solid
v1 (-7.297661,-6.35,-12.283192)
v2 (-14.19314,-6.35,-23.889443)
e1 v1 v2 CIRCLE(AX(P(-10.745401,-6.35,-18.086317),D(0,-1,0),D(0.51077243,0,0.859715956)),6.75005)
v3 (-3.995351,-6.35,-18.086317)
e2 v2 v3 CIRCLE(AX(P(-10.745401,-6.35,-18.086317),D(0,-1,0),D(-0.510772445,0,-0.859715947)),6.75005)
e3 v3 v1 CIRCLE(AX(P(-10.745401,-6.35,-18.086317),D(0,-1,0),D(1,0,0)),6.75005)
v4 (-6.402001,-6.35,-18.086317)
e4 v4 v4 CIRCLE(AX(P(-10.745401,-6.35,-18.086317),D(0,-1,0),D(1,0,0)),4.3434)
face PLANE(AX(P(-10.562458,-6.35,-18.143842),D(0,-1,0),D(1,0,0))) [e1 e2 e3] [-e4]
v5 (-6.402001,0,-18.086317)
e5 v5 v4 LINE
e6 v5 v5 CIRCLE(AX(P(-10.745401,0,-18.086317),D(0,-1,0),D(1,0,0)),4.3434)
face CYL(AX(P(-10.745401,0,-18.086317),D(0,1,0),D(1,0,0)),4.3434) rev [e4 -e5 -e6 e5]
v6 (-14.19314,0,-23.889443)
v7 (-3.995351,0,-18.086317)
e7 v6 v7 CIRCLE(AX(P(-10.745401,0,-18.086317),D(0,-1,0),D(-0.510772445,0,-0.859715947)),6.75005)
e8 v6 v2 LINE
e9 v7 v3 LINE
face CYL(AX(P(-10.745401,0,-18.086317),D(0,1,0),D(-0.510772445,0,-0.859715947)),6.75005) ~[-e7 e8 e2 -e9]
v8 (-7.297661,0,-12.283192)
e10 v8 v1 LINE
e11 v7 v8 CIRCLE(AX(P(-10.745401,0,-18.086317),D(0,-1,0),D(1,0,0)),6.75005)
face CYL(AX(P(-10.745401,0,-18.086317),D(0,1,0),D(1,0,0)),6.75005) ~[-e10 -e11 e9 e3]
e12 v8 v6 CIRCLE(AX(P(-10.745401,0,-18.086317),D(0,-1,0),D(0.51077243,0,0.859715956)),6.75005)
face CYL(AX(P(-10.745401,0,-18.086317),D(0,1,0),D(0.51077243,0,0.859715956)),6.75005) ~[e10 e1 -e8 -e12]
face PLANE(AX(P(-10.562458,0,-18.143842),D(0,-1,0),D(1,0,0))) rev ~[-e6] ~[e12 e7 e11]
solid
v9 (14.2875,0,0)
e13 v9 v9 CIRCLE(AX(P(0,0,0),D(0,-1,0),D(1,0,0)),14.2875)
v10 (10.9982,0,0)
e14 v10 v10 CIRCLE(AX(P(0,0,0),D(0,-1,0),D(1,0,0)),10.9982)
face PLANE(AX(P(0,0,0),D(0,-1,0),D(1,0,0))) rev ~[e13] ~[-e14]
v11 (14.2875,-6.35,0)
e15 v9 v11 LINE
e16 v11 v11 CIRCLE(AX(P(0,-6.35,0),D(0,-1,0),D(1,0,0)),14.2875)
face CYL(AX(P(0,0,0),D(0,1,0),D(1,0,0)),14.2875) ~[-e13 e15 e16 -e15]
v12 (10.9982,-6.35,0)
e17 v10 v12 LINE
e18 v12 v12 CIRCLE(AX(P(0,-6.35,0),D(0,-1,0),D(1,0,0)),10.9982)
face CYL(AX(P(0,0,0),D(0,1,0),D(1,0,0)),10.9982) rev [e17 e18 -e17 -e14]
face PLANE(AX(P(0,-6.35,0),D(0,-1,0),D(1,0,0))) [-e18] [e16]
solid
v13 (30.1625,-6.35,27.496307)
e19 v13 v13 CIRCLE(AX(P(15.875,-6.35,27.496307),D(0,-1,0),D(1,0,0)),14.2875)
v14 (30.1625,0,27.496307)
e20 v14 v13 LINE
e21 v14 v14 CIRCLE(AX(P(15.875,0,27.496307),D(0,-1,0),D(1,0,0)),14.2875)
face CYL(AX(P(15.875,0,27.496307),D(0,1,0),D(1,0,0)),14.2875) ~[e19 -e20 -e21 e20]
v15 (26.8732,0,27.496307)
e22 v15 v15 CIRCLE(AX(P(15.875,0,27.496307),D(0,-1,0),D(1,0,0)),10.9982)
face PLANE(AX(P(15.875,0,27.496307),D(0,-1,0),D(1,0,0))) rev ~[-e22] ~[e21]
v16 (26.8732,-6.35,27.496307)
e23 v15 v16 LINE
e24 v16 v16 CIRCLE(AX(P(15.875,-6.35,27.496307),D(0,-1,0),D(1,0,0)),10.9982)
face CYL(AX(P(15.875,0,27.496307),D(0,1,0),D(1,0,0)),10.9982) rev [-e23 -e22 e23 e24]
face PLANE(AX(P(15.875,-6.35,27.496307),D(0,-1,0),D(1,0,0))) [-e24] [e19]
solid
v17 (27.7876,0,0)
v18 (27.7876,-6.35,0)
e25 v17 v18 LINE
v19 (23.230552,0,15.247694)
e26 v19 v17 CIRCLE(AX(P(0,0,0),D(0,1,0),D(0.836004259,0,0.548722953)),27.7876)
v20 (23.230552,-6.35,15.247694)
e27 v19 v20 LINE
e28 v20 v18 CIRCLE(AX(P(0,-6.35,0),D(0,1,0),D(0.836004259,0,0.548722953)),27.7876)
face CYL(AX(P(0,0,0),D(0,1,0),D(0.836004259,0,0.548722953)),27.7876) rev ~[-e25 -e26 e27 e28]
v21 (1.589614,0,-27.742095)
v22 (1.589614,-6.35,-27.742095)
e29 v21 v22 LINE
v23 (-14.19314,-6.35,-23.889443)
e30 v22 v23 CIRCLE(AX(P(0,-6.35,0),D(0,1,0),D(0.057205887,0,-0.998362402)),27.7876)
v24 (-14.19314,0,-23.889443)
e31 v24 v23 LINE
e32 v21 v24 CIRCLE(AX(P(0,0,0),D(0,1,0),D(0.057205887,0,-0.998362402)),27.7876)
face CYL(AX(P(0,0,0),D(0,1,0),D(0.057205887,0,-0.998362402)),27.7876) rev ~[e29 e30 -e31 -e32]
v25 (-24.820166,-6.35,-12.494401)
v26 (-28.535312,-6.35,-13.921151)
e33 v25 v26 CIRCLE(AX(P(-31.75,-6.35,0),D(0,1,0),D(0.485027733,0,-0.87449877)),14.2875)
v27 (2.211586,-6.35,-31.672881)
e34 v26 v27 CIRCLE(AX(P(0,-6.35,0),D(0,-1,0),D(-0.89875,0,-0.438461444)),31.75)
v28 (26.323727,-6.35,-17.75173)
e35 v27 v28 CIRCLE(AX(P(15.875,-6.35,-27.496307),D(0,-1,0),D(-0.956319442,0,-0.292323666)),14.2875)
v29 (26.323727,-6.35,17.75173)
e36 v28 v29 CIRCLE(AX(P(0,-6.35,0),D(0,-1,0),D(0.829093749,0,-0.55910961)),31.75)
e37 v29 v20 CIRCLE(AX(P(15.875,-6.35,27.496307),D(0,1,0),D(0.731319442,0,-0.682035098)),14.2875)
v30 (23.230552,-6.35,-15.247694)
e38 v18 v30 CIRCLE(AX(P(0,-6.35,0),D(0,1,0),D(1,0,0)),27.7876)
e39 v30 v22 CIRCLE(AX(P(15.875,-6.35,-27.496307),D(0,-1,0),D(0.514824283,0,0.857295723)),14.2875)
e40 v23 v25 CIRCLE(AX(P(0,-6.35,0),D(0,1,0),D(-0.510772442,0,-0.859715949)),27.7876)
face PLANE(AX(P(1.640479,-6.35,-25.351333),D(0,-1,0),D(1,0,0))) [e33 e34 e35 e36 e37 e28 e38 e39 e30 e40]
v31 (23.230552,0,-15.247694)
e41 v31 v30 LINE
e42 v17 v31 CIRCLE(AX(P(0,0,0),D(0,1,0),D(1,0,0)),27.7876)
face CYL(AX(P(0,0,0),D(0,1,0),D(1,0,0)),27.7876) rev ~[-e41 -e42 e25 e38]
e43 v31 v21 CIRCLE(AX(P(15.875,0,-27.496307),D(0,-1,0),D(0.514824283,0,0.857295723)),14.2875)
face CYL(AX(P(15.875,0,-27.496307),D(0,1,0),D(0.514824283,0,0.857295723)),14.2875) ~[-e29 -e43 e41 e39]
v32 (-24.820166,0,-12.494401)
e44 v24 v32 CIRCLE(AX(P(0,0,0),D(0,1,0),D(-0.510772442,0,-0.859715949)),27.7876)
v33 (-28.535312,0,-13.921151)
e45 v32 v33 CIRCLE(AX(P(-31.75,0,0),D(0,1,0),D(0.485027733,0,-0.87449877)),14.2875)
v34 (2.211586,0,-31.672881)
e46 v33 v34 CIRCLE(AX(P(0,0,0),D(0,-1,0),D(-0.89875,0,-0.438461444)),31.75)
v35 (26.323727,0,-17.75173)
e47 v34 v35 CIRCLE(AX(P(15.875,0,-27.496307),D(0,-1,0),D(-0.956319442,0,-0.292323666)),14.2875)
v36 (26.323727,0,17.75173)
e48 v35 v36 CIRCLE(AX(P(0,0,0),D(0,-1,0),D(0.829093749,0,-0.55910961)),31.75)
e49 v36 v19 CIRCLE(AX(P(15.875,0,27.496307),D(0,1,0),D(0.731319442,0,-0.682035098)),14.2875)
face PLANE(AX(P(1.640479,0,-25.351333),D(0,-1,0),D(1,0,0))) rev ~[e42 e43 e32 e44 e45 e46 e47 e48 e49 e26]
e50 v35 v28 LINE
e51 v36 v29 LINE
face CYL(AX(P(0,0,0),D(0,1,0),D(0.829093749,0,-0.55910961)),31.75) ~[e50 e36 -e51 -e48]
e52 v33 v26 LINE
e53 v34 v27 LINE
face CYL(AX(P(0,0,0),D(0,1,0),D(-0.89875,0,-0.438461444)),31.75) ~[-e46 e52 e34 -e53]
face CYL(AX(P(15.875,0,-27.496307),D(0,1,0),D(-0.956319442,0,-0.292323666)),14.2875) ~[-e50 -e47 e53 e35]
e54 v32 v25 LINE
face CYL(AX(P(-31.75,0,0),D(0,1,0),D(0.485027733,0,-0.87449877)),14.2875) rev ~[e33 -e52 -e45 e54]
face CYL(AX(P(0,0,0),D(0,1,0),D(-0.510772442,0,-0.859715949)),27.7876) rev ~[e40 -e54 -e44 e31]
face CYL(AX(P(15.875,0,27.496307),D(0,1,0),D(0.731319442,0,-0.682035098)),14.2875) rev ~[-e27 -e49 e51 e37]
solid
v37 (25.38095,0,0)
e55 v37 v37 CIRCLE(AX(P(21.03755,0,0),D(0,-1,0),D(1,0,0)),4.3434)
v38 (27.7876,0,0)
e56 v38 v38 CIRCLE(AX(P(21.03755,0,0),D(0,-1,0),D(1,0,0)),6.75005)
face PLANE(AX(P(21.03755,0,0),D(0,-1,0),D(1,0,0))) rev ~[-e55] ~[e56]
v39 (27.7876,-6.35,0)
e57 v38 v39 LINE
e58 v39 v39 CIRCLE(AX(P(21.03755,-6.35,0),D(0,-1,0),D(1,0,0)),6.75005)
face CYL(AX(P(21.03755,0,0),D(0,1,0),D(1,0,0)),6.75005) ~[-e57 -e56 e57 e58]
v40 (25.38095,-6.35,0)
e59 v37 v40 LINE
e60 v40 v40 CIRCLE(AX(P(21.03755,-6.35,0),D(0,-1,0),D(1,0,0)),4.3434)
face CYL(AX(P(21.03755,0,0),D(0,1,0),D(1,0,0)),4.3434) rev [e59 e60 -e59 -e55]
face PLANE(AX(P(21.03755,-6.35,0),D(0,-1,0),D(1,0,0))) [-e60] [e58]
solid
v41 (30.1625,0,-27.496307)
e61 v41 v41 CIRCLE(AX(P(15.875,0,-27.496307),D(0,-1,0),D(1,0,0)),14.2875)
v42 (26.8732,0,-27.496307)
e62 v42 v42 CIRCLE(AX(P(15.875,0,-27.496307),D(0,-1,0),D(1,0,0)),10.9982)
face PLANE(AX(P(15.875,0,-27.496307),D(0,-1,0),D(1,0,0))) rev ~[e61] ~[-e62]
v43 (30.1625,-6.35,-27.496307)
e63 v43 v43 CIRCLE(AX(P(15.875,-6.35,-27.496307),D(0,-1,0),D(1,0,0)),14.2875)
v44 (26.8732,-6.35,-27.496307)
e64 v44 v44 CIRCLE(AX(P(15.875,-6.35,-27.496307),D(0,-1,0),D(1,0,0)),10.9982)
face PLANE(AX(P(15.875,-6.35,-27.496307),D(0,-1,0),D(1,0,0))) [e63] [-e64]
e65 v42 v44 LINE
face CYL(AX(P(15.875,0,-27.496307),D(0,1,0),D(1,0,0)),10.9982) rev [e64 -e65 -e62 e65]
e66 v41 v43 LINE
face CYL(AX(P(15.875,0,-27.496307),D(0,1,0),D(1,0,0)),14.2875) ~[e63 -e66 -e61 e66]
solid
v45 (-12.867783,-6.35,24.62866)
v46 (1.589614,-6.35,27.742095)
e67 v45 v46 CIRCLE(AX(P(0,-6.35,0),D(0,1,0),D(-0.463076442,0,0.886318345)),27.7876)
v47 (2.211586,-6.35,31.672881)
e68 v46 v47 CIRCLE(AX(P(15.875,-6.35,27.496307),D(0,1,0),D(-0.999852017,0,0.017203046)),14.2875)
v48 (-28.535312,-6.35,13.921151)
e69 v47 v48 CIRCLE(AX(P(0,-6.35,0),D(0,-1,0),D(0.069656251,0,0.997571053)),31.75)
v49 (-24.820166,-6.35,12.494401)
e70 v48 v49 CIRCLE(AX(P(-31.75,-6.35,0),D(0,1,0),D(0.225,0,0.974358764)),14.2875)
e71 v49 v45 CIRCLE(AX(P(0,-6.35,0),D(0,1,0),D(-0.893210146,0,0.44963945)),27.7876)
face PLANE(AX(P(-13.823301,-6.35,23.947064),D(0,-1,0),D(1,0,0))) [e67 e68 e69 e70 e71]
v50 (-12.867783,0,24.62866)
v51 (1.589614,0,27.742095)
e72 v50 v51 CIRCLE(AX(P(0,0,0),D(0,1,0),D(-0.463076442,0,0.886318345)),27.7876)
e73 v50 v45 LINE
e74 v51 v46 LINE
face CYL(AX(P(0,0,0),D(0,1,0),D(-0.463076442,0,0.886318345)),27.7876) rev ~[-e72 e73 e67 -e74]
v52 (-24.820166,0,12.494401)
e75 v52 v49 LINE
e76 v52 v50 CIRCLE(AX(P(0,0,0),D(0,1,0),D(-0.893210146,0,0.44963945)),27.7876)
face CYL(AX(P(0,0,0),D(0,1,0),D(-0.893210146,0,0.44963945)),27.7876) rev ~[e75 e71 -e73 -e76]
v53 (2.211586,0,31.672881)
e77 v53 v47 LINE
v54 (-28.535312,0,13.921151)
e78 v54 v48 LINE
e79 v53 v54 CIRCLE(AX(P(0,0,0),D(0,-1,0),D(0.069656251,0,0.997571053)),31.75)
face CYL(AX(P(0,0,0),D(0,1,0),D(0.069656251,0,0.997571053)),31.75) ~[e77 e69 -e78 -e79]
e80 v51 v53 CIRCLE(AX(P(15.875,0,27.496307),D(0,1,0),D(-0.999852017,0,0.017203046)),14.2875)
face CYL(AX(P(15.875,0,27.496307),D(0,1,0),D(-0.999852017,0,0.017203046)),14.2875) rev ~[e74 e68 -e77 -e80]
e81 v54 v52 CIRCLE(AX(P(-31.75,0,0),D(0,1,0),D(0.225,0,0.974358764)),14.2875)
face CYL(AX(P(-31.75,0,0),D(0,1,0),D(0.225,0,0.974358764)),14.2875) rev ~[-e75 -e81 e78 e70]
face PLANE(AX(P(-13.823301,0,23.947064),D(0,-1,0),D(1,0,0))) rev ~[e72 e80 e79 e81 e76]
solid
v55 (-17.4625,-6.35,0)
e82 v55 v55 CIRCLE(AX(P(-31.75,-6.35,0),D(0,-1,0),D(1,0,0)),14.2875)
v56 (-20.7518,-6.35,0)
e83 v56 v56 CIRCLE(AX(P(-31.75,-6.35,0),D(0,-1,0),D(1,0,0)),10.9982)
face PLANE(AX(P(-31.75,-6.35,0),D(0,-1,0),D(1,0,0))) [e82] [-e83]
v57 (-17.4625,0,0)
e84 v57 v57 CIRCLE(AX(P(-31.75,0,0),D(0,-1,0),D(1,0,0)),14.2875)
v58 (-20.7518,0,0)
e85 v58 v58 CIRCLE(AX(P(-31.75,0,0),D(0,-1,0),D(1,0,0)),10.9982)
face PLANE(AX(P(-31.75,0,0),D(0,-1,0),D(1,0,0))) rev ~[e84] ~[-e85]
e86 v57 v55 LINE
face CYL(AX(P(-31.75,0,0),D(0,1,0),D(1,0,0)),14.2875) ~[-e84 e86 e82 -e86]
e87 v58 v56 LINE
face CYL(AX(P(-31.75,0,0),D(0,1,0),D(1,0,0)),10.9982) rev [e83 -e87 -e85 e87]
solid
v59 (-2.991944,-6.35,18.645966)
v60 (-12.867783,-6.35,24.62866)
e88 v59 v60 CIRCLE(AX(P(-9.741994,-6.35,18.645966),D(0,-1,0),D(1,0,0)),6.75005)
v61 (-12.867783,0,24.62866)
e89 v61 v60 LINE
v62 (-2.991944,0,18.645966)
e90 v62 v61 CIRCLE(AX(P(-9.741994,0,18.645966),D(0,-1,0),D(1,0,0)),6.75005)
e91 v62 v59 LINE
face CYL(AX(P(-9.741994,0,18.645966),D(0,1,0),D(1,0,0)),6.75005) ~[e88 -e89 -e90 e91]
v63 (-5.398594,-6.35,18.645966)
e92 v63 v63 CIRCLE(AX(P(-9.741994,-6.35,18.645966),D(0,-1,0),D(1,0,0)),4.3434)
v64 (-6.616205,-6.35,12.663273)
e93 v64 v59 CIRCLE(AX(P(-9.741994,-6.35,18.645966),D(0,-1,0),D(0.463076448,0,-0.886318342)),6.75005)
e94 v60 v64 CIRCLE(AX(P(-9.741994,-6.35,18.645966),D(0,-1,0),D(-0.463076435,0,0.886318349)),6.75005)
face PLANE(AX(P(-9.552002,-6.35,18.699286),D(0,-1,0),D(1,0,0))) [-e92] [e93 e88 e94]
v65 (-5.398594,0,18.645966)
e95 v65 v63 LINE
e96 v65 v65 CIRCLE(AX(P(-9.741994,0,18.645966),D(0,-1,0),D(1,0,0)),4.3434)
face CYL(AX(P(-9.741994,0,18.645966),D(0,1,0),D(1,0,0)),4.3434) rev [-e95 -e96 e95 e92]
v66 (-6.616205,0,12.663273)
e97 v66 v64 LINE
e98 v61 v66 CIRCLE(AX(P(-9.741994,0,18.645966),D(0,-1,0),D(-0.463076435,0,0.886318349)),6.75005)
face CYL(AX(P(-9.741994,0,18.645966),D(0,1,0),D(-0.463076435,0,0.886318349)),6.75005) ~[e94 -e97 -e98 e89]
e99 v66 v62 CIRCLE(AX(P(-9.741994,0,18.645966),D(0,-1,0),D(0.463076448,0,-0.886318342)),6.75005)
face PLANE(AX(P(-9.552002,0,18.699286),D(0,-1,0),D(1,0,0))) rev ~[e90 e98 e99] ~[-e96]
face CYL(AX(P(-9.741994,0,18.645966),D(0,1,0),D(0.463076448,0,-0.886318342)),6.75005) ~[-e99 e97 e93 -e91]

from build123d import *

# Parameters (mm, degrees)
F0_R     = 14.2875
F0_R_2   = 10.9982
F2_DEPTH = 6.35
F1_R     = 4.3434


with BuildPart() as f2:
    # F0 (on Front) → F2 (new body)
    with BuildSketch(Plane.XZ):
        with Locations((-31.75, 0)):
            Circle(F0_R)
        with Locations((-31.75, 0)):
            Circle(F0_R_2, mode=Mode.SUBTRACT)
    extrude(amount=F2_DEPTH)


with BuildPart() as f2b:
    # F0 (on Front) → F2, piece 2 (new body)
    with BuildSketch(Plane.XZ):
        with Locations((15.875, -27.4963065702)):
            Circle(F0_R)
        with Locations((15.875, -27.4963065702)):
            Circle(F0_R_2, mode=Mode.SUBTRACT)
    extrude(amount=F2_DEPTH)


with BuildPart() as f2c:
    # F0 (on Front) → F2, piece 3 (new body)
    with BuildSketch(Plane.XZ):
        Circle(F0_R)
        Circle(F0_R_2, mode=Mode.SUBTRACT)
    extrude(amount=F2_DEPTH)


with BuildPart() as f2d:
    # F0 (on Front) → F2, piece 4 (new body)
    with BuildSketch(Plane.XZ):
        with Locations((15.875, 27.4963065702)):
            Circle(F0_R)
        with Locations((15.875, 27.4963065702)):
            Circle(F0_R_2, mode=Mode.SUBTRACT)
    extrude(amount=F2_DEPTH)


with BuildPart() as f2e:
    # F1 (on Front) → F2, piece 5 (new body)
    with BuildSketch(Plane.XZ):
        with BuildLine():
            ThreePointArc((-24.82016626, -12.4944011696), (-26.6278196588, -13.3377631109), (-28.5353125, -13.9211508334))
            ThreePointArc((-28.5353125, -13.9211508334), (-15.875, -27.4963065702), (2.2115859783, -31.6728809466))
            ThreePointArc((2.2115859783, -31.6728809466), (23.01875, -39.8696445267), (26.3237265217, -17.7517301132))
            ThreePointArc((26.3237265217, -17.7517301132), (24.8647515131, -16.3914867164), (23.2305519479, -15.2476939225))
            ThreePointArc((23.2305519479, -15.2476939225), (8.73125, -15.1229686136), (1.5896143121, -27.7420950921))
            ThreePointArc((1.5896143121, -27.7420950921), (-6.5896091759, -26.9949581342), (-14.1931403047, -23.8894428996))
            ThreePointArc((-14.1931403047, -23.8894428996), (-20.3216944737, -18.9520301677), (-24.82016626, -12.4944011696))
        make_face()
        with BuildLine():
            ThreePointArc((26.3237265217, -17.7517301132), (31.75, 0), (26.3237265217, 17.7517301132))
            ThreePointArc((26.3237265217, 17.7517301132), (24.8647515131, 16.3914867164), (23.2305519479, 15.2476939225))
            ThreePointArc((23.2305519479, 15.2476939225), (26.6239741499, 7.9570543687), (27.7876, 0))
            ThreePointArc((27.7876, 0), (26.6239741499, -7.9570543687), (23.2305519479, -15.2476939225))
            ThreePointArc((23.2305519479, -15.2476939225), (24.8647515131, -16.3914867164), (26.3237265217, -17.7517301132))
        make_face()
    extrude(amount=F2_DEPTH)


with BuildPart() as f2f:
    # F1 (on Front) → F2, piece 6 (new body)
    with BuildSketch(Plane.XZ):
        with BuildLine():
            ThreePointArc((-7.2976613214, -12.283191584), (-16.5485264172, -14.638577782), (-14.1931403047, -23.8894428996))
            ThreePointArc((-14.1931403047, -23.8894428996), (-7.4069309988, -23.9529853791), (-3.9953507594, -18.0863172736))
            ThreePointArc((-3.9953507594, -18.0863172736), (-4.8787326847, -14.7478474588), (-7.2976613214, -12.283191584))
        make_face()
        with Locations((-10.7454007594, -18.0863172736)):
            Circle(F1_R, mode=Mode.SUBTRACT)
    extrude(amount=F2_DEPTH)


with BuildPart() as f2g:
    # F1 (on Front) → F2, piece 7 (new body)
    with BuildSketch(Plane.XZ):
        with BuildLine():
            ThreePointArc((14.2875, 0), (21.03755, -6.75005), (27.7876, 0))
            ThreePointArc((27.7876, 0), (21.03755, 6.75005), (14.2875, 0))
        make_face()
        with Locations((21.03755, 0)):
            Circle(F1_R, mode=Mode.SUBTRACT)
    extrude(amount=F2_DEPTH)


with BuildPart() as f2h:
    # F1 (on Front) → F2, piece 8 (new body)
    with BuildSketch(Plane.XZ):
        with BuildLine():
            ThreePointArc((-2.9919438402, 18.6459664813), (-6.2445703341, 24.4192847491), (-12.8677829294, 24.6286596518))
            ThreePointArc((-12.8677829294, 24.6286596518), (-15.7246869869, 15.5201773466), (-6.61620466, 12.6632733583))
            ThreePointArc((-6.61620466, 12.6632733583), (-3.9686755457, 15.1485430192), (-2.9919438402, 18.6459664813))
        make_face()
        with Locations((-9.7419938402, 18.6459664813)):
            Circle(F1_R, mode=Mode.SUBTRACT)
    extrude(amount=F2_DEPTH)


with BuildPart() as f2i:
    # F1 (on Front) → F2, piece 9 (new body)
    with BuildSketch(Plane.XZ):
        with BuildLine():
            ThreePointArc((1.5896143121, 27.7420950921), (1.7630681457, 29.7292498273), (2.2115859783, 31.6728809466))
            ThreePointArc((2.2115859783, 31.6728809466), (-15.875, 27.4963065702), (-28.5353125, 13.9211508334))
            ThreePointArc((-28.5353125, 13.9211508334), (-26.6278196588, 13.3377631109), (-24.82016626, 12.4944011696))
            ThreePointArc((-24.82016626, 12.4944011696), (-19.7966016213, 19.4998789229), (-12.8677829294, 24.6286596518))
            ThreePointArc((-12.8677829294, 24.6286596518), (-5.8500121282, 27.1648315264), (1.5896143121, 27.7420950921))
        make_face()
    extrude(amount=F2_DEPTH)


solid = Compound([f2.part, f2b.part, f2c.part, f2d.part, f2e.part, f2f.part, f2g.part, f2h.part, f2i.part])
